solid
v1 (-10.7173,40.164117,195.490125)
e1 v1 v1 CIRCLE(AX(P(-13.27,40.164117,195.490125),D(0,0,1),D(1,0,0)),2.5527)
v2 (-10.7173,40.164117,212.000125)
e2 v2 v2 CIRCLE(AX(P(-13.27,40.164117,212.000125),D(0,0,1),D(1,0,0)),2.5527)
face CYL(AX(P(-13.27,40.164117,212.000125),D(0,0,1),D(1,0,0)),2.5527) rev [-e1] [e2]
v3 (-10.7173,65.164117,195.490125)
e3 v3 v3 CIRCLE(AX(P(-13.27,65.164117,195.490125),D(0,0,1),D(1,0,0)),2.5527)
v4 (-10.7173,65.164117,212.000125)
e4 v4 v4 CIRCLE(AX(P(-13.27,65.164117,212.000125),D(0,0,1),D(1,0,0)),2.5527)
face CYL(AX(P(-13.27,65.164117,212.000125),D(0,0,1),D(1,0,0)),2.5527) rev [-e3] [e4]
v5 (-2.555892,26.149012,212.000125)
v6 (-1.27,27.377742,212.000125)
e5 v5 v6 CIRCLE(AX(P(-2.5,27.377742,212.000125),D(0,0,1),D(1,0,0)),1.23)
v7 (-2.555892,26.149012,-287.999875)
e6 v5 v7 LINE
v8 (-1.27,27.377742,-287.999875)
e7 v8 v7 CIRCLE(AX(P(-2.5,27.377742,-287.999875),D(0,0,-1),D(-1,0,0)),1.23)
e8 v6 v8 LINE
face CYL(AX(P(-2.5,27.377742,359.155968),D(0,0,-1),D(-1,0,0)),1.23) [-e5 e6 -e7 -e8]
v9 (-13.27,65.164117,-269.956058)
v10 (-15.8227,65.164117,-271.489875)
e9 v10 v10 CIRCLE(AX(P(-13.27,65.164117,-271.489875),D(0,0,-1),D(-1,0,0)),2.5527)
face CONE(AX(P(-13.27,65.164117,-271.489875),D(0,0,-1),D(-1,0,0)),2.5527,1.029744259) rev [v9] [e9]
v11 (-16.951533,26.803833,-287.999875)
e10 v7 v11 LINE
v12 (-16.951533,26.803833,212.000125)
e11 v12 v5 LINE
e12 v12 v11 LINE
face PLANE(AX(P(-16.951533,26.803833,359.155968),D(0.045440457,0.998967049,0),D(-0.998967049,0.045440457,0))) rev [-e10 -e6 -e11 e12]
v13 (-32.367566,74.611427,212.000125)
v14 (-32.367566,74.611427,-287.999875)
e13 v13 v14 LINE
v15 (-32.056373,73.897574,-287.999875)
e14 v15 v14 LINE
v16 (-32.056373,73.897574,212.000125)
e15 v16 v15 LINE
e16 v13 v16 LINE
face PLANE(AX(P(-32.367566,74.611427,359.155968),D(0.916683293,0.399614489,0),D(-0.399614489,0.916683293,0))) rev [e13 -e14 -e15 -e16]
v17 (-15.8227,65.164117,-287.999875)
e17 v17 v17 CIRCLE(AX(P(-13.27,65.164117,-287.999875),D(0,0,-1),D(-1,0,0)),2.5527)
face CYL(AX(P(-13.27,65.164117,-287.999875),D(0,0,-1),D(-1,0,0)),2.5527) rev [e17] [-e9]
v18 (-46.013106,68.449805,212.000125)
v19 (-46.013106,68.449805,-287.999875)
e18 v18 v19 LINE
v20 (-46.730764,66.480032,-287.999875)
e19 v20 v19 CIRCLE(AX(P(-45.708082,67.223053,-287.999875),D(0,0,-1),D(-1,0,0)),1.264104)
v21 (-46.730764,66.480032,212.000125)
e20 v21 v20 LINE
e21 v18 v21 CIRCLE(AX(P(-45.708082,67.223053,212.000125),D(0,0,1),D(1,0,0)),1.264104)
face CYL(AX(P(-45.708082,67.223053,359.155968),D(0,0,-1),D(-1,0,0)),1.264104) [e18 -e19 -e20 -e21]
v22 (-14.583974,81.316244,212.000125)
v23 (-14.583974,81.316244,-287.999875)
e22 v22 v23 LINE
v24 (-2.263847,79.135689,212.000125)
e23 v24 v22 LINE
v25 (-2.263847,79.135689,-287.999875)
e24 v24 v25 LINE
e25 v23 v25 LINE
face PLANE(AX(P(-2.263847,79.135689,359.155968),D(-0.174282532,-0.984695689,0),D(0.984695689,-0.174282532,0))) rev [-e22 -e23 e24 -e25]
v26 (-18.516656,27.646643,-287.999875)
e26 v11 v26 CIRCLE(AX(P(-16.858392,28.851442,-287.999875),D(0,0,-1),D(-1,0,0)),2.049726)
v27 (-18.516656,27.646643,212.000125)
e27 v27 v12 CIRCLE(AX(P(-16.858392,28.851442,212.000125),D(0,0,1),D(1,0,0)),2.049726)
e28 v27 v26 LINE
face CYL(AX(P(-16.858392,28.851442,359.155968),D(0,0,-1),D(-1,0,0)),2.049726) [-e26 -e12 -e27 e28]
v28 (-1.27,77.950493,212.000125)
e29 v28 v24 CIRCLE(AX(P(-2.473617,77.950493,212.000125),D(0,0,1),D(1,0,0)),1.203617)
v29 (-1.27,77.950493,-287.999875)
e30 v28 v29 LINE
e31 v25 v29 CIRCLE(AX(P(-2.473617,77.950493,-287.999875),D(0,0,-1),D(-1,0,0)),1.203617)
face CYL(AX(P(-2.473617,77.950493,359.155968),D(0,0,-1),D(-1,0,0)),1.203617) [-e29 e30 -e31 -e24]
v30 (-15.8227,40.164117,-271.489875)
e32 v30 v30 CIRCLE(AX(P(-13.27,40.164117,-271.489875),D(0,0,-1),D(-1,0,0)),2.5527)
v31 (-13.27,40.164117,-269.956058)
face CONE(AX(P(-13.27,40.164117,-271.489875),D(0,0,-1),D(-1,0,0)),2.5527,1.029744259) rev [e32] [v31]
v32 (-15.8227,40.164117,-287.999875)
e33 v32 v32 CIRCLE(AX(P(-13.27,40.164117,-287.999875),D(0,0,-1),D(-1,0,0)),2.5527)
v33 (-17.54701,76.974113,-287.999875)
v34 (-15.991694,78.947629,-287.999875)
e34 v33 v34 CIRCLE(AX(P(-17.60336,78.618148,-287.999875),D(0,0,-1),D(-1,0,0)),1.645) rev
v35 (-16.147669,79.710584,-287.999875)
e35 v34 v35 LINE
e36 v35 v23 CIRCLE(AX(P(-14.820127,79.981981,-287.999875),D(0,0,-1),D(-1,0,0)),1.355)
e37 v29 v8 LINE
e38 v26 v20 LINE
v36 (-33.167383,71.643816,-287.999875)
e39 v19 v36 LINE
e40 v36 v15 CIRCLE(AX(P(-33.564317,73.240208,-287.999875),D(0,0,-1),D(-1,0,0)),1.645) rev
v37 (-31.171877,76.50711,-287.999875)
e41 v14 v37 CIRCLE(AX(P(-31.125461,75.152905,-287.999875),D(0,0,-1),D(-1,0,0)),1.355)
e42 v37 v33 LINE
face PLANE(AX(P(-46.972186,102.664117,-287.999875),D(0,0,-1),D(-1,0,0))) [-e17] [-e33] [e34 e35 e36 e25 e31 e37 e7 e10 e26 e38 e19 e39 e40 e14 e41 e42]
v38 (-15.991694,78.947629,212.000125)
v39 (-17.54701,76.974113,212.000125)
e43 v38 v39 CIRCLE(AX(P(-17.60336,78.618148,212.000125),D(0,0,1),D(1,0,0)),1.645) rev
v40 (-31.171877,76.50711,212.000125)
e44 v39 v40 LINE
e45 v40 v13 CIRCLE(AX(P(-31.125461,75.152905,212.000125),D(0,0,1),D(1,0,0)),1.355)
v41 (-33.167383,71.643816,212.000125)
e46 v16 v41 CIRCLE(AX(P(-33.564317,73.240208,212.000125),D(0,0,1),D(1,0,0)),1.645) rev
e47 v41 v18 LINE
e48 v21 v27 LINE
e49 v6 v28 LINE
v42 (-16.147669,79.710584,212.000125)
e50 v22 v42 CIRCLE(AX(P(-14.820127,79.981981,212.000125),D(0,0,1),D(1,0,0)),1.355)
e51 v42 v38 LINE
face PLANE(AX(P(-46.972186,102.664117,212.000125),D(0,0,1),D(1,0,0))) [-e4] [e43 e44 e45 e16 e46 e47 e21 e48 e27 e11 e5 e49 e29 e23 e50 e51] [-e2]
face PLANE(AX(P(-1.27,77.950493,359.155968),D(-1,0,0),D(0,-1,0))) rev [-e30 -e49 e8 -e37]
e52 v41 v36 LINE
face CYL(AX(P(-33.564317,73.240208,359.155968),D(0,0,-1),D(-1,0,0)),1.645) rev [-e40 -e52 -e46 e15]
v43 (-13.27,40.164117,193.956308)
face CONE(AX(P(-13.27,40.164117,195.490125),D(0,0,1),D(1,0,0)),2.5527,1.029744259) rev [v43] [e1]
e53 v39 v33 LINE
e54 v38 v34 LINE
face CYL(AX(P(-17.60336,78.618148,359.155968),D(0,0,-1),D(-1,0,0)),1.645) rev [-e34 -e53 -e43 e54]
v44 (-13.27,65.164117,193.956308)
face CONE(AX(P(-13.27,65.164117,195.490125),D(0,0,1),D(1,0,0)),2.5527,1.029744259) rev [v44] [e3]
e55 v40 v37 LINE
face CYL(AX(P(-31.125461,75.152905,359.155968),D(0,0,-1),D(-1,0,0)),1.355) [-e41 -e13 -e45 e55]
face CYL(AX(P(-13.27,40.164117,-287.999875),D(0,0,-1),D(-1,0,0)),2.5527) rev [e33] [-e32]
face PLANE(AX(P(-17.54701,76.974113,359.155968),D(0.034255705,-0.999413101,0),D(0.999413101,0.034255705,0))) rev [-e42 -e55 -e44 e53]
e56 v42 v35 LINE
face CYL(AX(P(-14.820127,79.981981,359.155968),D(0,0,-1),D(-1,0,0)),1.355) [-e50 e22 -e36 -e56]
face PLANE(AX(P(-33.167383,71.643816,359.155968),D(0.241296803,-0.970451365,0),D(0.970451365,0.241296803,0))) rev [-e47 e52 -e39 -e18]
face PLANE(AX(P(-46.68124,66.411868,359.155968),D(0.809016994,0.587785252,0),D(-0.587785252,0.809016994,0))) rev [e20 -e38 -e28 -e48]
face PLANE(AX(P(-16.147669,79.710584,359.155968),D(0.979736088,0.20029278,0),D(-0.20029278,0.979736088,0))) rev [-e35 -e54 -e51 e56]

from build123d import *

# Parameters (mm, degrees)
EXTRUDE_THIN1_DEPTH                   = 137.50025
EXTRUDE_THIN1_DEPTH_BACK              = 213.5
BOSS_EXTRUDE1_DEPTH                   = 212.50025
BOSS_EXTRUDE1_DEPTH_BACK              = 288.5
SKETCH3_OUTSIDE_W                     = 604.22
SKETCH3_OUTSIDE_H                     = 158.409
SKETCH3_OUTSIDE_W_2                   = 500
SKETCH3_OUTSIDE_H_2                   = 100
CUT_EXTRUDE1_DEPTH                    = 47.9721863
F_1_4_20_TAPPED_HOLE1_D               = 5.1054
F_1_4_20_TAPPED_HOLE1_DEPTH           = 16.51
F_1_4_20_TAPPED_HOLE1_TIP             = 1.533816902
F_1_4_20_TAPPED_HOLE1_ON_FACE_2_D     = 5.1054
F_1_4_20_TAPPED_HOLE1_ON_FACE_2_DEPTH = 16.51
F_1_4_20_TAPPED_HOLE1_ON_FACE_2_TIP   = 1.533816902


with BuildPart() as part:
    # Sketch1 → Extrude-Thin1 (new body, two sides)
    with BuildSketch(Plane.XY) as extrude_thin1_sk:
        with BuildLine():
            Line((-1, 27.377741566), (-1, 77.801426032))
            ThreePointArc((-1, 77.801426032), (-1.350622843, 78.765237295), (-2.238576202, 79.278469565))
            Line((-2.238576202, 79.278469565), (-14.558703221, 81.459024387))
            ThreePointArc((-14.558703221, 81.459024387), (-15.894736771, 81.028505523), (-16.289731152, 79.681541685))
            Line((-16.289731152, 79.681541685), (-16.133756174, 78.918587001))
            ThreePointArc((-16.133756174, 78.918587001), (-16.425245763, 77.689683441), (-17.551976749, 77.11902818))
            Line((-17.551976749, 77.11902818), (-31.176844118, 76.65202466))
            ThreePointArc((-31.176844118, 76.65202466), (-32.394172225, 75.953136671), (-32.500485501, 74.553483275))
            Line((-32.500485501, 74.553483275), (-32.189291753, 73.839630003))
            ThreePointArc((-32.189291753, 73.839630003), (-32.218908178, 72.576976841), (-33.202371488, 71.784531222))
            Line((-33.202371488, 71.784531222), (-46.048094302, 68.590520723))
            ThreePointArc((-46.048094302, 68.590520723), (-47.095522714, 67.648327859), (-46.899674588, 66.253165796))
            Line((-46.899674588, 66.253165796), (-18.735090298, 27.487941181))
            ThreePointArc((-18.735090298, 27.487941181), (-17.958226336, 26.809018221), (-16.963801619, 26.534111898))
            Line((-16.963801619, 26.534111898), (-2.568160686, 25.879290992))
            ThreePointArc((-2.568160686, 25.879290992), (-1.463718433, 26.293250665), (-1, 27.377741566))
        make_face()
        with BuildLine():
            Line((-1.27, 27.377741566), (-1.27, 77.801426032))
            ThreePointArc((-1.27, 77.801426032), (-1.557510731, 78.591751268), (-2.285632486, 79.012601729))
            Line((-2.285632486, 79.012601729), (-14.605759505, 81.193156552))
            ThreePointArc((-14.605759505, 81.193156552), (-15.701307016, 80.840131082), (-16.025202408, 79.735620736))
            Line((-16.025202408, 79.735620736), (-15.86922743, 78.972666052))
            ThreePointArc((-15.86922743, 78.972666052), (-16.213185146, 77.522559851), (-17.542727708, 76.849186643))
            Line((-17.542727708, 76.849186643), (-31.167595078, 76.382183123))
            ThreePointArc((-31.167595078, 76.382183123), (-32.165804125, 75.809094972), (-32.252981012, 74.661379187))
            Line((-32.252981012, 74.661379187), (-31.941787264, 73.947525915))
            ThreePointArc((-31.941787264, 73.947525915), (-31.976734646, 72.457595184), (-33.137221351, 71.522509354))
            Line((-33.137221351, 71.522509354), (-45.982944165, 68.328498854))
            ThreePointArc((-45.982944165, 68.328498854), (-46.841835463, 67.555900706), (-46.68124, 66.411867814))
            Line((-46.68124, 66.411867814), (-18.516655709, 27.646643199))
            ThreePointArc((-18.516655709, 27.646643199), (-17.830213301, 27.046742143), (-16.951532696, 26.803833001))
            Line((-16.951532696, 26.803833001), (-2.555891763, 26.149012095))
            ThreePointArc((-2.555891763, 26.149012095), (-1.650249115, 26.488459027), (-1.27, 27.377741566))
        make_face(mode=Mode.SUBTRACT)
    extrude(amount=EXTRUDE_THIN1_DEPTH)
    extrude(extrude_thin1_sk.sketch, amount=-EXTRUDE_THIN1_DEPTH_BACK)


with BuildPart() as body_2:
    # Sketch2 → Boss-Extrude1 (new body, two sides)
    with BuildSketch(Plane.XY) as boss_extrude1_sk:
        with BuildLine():
            Line((-46.68124, 66.411867814), (-18.516655709, 27.646643199))
            ThreePointArc((-18.516655709, 27.646643199), (-17.830213301, 27.046742143), (-16.951532696, 26.803833001))
            Line((-16.951532696, 26.803833001), (-2.555891763, 26.149012095))
            ThreePointArc((-2.555891763, 26.149012095), (-1.650249115, 26.488459027), (-1.27, 27.377741566))
            Line((-1.27, 27.377741566), (-1.27, 77.801426032))
            Line((-1.27, 77.801426032), (-1.27, 77.950492711))
            ThreePointArc((-1.27, 77.950492711), (-1.551343626, 78.723865471), (-2.263847169, 79.13568869))
            Line((-2.263847169, 79.13568869), (-14.583974188, 81.316243513))
            ThreePointArc((-14.583974188, 81.316243513), (-15.790857829, 80.927341471), (-16.147669419, 79.710584138))
            Line((-16.147669419, 79.710584138), (-15.991694441, 78.947629454))
            ThreePointArc((-15.991694441, 78.947629454), (-16.311361358, 77.599931884), (-17.547009672, 76.97411328))
            Line((-17.547009672, 76.97411328), (-31.171877041, 76.50710976))
            ThreePointArc((-31.171877041, 76.50710976), (-32.271530097, 75.875780943), (-32.367566424, 74.611427376))
            Line((-32.367566424, 74.611427376), (-32.056372675, 73.897574104))
            ThreePointArc((-32.056372675, 73.897574104), (-32.088852022, 72.51286447), (-33.167383452, 71.643815774))
            Line((-33.167383452, 71.643815774), (-46.013106265, 68.449805275))
            ThreePointArc((-46.013106265, 68.449805275), (-46.895812161, 67.655785191), (-46.730763846, 66.48003154))
            Line((-46.730763846, 66.48003154), (-46.68124, 66.411867814))
        make_face()
    extrude(amount=BOSS_EXTRUDE1_DEPTH)
    extrude(boss_extrude1_sk.sketch, amount=-BOSS_EXTRUDE1_DEPTH_BACK)

    # Sketch3 outside → Cut-Extrude1 (cut, through all)
    with BuildSketch(Plane(origin=(0, 0, 0), x_dir=(0, 0, -1), z_dir=(1, 0, 0))):
        with Locations((38, 53.7425)):
            Rectangle(SKETCH3_OUTSIDE_W, SKETCH3_OUTSIDE_H)
        with Locations((37.999875, 52.664117138)):
            Rectangle(SKETCH3_OUTSIDE_W_2, SKETCH3_OUTSIDE_H_2, mode=Mode.SUBTRACT)
    extrude(amount=-CUT_EXTRUDE1_DEPTH, mode=Mode.SUBTRACT)

    # 1/4-20 Tapped Hole1
    with Locations(Plane(origin=(-13.27, 65.164117138, 212.000125), x_dir=(1, 0, 0), z_dir=(0, 0, 1))):
        with Locations((0, 0), (0, -25)):
            Hole(F_1_4_20_TAPPED_HOLE1_D / 2, depth=F_1_4_20_TAPPED_HOLE1_DEPTH)
            with Locations((0, 0, -(F_1_4_20_TAPPED_HOLE1_DEPTH + F_1_4_20_TAPPED_HOLE1_TIP / 2))):  # 118° drill point
                Cone(0, F_1_4_20_TAPPED_HOLE1_D / 2, F_1_4_20_TAPPED_HOLE1_TIP, mode=Mode.SUBTRACT)

    # 1/4-20 Tapped Hole1 on face 2
    with Locations(Plane(origin=(-13.27, 65.164117138, -287.999875), x_dir=(-1, 0, 0), z_dir=(0, 0, -1))):
        with Locations((0, 0), (0, -25)):
            Hole(F_1_4_20_TAPPED_HOLE1_ON_FACE_2_D / 2, depth=F_1_4_20_TAPPED_HOLE1_ON_FACE_2_DEPTH)
            with Locations((0, 0, -(F_1_4_20_TAPPED_HOLE1_ON_FACE_2_DEPTH + F_1_4_20_TAPPED_HOLE1_ON_FACE_2_TIP / 2))):  # 118° drill point
                Cone(0, F_1_4_20_TAPPED_HOLE1_ON_FACE_2_D / 2, F_1_4_20_TAPPED_HOLE1_ON_FACE_2_TIP, mode=Mode.SUBTRACT)


solid = body_2.part
